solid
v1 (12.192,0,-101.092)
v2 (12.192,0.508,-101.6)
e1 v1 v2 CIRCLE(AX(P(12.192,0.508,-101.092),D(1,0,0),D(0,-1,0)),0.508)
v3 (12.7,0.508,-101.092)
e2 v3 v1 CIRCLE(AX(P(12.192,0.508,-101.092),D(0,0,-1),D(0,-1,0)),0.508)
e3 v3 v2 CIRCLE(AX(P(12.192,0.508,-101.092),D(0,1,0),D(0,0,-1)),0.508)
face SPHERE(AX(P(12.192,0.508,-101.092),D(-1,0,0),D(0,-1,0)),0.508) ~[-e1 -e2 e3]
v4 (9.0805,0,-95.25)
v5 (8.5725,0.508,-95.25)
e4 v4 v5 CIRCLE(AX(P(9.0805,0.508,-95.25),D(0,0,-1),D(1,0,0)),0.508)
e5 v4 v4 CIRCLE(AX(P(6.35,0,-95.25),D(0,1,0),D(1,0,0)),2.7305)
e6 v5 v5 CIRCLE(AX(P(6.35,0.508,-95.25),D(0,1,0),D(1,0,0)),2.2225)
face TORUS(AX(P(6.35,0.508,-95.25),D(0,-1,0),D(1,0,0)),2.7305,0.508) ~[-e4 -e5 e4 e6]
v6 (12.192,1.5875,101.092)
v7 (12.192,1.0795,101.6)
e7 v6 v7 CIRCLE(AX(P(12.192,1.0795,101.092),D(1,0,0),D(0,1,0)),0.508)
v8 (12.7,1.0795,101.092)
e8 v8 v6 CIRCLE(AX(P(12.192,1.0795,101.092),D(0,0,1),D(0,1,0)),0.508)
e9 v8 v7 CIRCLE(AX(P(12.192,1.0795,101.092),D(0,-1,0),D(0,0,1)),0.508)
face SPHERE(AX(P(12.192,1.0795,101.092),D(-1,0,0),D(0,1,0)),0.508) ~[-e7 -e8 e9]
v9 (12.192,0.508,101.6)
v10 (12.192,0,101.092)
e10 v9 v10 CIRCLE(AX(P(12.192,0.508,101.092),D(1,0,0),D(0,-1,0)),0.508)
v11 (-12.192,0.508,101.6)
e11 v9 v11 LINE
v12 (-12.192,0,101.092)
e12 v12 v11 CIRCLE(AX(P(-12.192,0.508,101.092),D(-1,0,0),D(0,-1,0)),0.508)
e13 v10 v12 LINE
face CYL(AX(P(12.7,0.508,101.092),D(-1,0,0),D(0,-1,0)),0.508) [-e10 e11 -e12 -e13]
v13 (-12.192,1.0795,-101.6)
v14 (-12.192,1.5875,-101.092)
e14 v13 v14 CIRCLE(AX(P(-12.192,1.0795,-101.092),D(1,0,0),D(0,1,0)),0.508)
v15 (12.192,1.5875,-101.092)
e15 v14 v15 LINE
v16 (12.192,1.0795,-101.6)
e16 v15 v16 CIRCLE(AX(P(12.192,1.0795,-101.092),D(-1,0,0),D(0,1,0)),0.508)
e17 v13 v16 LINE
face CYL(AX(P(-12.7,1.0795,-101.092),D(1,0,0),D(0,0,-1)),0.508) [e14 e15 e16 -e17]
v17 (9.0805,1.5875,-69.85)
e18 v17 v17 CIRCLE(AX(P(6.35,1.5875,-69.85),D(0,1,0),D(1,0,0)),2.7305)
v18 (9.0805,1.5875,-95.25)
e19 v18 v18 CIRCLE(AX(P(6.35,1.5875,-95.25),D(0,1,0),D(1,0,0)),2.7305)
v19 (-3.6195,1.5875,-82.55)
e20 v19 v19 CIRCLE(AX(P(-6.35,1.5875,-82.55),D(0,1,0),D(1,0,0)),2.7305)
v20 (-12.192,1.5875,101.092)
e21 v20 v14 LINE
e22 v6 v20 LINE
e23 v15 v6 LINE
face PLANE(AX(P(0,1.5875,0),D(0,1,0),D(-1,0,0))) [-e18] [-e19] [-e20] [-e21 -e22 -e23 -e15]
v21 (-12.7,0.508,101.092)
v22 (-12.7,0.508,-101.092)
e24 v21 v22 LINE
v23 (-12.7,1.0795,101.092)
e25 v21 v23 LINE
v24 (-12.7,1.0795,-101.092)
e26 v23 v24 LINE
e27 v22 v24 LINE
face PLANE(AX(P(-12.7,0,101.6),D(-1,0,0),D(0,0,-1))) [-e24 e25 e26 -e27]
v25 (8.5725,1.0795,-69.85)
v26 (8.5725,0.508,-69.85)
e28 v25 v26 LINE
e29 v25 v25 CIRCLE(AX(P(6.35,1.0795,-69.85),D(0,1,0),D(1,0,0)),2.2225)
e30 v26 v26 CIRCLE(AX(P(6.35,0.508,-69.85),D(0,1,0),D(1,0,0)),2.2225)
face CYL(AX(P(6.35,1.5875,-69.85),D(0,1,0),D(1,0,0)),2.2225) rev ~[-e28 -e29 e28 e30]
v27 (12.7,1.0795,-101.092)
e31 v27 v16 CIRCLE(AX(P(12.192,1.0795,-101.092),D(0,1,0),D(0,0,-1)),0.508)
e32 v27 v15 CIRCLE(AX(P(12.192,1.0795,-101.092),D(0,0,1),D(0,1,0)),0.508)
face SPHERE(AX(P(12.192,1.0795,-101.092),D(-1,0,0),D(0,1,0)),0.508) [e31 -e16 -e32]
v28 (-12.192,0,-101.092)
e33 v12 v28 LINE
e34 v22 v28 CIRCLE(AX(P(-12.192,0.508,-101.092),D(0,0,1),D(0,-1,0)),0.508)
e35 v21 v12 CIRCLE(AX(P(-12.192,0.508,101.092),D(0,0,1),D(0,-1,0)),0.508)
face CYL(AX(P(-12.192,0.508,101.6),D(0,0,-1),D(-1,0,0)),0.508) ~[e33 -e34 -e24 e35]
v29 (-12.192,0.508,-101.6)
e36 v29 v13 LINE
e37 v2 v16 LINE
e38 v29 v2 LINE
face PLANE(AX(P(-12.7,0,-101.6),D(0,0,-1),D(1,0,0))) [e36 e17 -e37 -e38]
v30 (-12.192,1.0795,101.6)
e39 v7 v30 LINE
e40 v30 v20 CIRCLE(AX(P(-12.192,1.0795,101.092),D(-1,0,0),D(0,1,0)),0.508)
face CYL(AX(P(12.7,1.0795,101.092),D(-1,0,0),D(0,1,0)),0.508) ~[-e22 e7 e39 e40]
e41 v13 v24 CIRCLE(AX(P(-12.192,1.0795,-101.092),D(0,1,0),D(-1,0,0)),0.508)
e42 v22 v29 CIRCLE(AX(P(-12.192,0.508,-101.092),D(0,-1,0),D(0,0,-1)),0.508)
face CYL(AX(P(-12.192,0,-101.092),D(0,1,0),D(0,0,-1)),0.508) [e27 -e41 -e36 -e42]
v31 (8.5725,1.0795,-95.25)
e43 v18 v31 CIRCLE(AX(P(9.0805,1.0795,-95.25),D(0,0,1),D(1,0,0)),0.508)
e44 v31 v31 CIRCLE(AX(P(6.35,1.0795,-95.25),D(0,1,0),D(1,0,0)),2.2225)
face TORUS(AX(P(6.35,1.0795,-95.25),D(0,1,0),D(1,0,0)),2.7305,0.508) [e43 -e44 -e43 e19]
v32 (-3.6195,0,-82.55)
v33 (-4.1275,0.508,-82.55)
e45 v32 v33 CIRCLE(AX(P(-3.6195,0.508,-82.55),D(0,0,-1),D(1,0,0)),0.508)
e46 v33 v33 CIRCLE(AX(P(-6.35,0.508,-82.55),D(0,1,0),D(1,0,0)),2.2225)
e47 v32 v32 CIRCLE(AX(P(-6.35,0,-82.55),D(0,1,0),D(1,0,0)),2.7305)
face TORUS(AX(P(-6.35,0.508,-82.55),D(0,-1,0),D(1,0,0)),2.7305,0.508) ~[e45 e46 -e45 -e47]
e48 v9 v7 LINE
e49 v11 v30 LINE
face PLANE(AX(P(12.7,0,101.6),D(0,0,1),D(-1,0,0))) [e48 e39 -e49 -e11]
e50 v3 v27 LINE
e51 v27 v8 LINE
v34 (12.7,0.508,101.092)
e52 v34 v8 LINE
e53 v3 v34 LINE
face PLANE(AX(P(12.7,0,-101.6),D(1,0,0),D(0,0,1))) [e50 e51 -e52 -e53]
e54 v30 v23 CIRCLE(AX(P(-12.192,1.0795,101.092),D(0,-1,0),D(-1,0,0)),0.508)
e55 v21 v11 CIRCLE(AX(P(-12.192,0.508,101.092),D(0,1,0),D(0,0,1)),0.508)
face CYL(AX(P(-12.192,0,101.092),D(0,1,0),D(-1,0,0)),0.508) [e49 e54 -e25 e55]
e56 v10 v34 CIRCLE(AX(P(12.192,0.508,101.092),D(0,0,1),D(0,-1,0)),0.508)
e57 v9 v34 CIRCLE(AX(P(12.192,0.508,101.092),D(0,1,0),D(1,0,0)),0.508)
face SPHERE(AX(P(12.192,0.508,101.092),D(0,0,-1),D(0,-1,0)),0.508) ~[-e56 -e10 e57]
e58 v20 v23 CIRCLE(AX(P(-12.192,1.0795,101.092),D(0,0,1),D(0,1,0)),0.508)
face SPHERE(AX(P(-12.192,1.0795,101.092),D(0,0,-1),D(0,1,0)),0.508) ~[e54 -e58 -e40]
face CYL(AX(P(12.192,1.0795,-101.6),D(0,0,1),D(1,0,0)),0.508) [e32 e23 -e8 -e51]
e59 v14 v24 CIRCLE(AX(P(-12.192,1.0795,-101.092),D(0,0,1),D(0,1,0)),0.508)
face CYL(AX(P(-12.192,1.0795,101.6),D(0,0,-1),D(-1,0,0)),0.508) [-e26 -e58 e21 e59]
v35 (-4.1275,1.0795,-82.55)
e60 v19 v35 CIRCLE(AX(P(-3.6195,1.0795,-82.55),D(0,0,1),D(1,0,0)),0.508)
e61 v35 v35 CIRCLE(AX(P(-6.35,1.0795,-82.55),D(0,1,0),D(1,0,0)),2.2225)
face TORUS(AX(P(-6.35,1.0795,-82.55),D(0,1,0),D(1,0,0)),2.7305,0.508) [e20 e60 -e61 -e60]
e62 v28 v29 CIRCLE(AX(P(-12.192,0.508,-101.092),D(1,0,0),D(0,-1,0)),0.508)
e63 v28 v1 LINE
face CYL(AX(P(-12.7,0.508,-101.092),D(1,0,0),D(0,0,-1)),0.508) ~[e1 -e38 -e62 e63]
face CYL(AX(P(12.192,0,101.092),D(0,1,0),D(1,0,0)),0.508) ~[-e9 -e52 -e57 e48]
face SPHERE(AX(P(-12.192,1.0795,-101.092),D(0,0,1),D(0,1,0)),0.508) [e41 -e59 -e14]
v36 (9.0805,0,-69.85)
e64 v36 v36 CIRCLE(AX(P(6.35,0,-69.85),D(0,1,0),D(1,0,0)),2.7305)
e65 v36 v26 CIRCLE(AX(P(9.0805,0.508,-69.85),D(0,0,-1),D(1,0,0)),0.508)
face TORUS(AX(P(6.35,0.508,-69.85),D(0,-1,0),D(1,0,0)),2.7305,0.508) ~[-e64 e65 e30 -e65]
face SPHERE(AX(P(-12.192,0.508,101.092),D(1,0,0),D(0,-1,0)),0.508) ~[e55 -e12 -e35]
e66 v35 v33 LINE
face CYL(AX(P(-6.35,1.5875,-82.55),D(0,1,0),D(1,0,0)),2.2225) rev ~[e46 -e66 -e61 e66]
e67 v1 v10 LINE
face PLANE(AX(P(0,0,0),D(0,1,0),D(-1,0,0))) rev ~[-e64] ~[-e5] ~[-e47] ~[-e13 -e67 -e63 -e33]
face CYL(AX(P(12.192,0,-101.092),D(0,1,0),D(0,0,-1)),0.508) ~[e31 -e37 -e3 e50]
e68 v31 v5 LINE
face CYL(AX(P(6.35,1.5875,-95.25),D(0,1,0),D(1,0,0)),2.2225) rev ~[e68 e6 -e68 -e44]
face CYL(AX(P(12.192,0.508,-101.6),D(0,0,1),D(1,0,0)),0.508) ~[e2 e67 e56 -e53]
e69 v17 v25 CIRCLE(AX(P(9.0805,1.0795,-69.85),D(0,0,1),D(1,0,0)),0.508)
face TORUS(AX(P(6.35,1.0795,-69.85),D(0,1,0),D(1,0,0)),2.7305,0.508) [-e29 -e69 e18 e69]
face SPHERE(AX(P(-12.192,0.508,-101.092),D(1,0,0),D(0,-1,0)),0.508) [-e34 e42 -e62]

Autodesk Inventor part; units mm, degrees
ref_plane "YZ Plane" through (0, 0, 0) normal (1, 0, 0) x (0, 1, 0)
ref_plane "XZ Plane" through (0, 0, 0) normal (0, 1, 0) x (-1, 0, 0)
ref_plane "XY Plane" through (0, 0, 0) normal (0, 0, 1) x (1, 0, 0)
sketch "Sketch1" plane through (0, 0, 0) normal (0, 1, 0) x (-1, 0, 0)
  line L0 (12.7, -101.6) -> (-12.7, -101.6)
  line L1 (-12.7, -101.6) -> (-12.7, 101.6)
  line L2 (-12.7, 101.6) -> (12.7, 101.6)
  line L3 (12.7, 101.6) -> (12.7, -101.6)
  line L4 (12.7, -101.6) -> (-12.7, 101.6) construction
  line L5 (-12.7, -101.6) -> (12.7, 101.6) construction
  point P0 (0, 0)
  dimension "d0" = 25.4
  dimension "d1" = 203.2
extrude "Extrusion1" add sketch "Sketch1" along normal blind 1.5875
sketch "Sketch2" plane through (0, 1.5875, 0) normal (0, 1, 0) x (1, 0, 0)
  line L0 (12.7, 101.6) -> (-12.7, 101.6) projected
  line L1 (-12.7, 101.6) -> (-12.7, -101.6) projected
  circle A0 centre (-6.35, 95.25) radius 2.2225
  circle A1 centre (-6.35, 82.55) radius 2.2225
  circle A2 centre (-6.35, 69.85) radius 2.2225
  circle A3 centre (6.35, 95.25) radius 2.2225
  circle A4 centre (6.35, 82.55) radius 2.2225
  circle A5 centre (6.35, 69.85) radius 2.2225
  point P0 (0, 0)
  dimension "d4" = 4.445
  dimension "d5" = 6.35
  dimension "d6" = 6.35
  dimension "d9" = 12.7
  dimension "d12" = 12.7
extrude "Extrusion2" cut sketch "Sketch2" against normal blind 1.5875 contours A1 | A3 | A5
fillet "Fillet1" radius 0.508 18 edges at (-12.7, 1.5875, 0) (0, 1.5875, -101.6) (0, 1.5875, 101.6) (12.7, 1.5875, 0) (-8.5725, 1.5875, -82.55) (4.1275, 1.5875, -95.25) (4.1275, 1.5875, -69.85) (4.1275, 0, -69.85) (-8.5725, 0, -82.55) (4.1275, 0, -95.25) (0, 0, -101.6) (12.7, 0, 0) (0, 0, 101.6) (-12.7, 0, 0) (12.7, 0.7937, 101.6) (-12.7, 0.7937, 101.6) (-12.7, 0.7937, -101.6) (12.7, 0.7937, -101.6)
properties part number "big ball holder_MIR" material "Polycarbonate, Clear"
